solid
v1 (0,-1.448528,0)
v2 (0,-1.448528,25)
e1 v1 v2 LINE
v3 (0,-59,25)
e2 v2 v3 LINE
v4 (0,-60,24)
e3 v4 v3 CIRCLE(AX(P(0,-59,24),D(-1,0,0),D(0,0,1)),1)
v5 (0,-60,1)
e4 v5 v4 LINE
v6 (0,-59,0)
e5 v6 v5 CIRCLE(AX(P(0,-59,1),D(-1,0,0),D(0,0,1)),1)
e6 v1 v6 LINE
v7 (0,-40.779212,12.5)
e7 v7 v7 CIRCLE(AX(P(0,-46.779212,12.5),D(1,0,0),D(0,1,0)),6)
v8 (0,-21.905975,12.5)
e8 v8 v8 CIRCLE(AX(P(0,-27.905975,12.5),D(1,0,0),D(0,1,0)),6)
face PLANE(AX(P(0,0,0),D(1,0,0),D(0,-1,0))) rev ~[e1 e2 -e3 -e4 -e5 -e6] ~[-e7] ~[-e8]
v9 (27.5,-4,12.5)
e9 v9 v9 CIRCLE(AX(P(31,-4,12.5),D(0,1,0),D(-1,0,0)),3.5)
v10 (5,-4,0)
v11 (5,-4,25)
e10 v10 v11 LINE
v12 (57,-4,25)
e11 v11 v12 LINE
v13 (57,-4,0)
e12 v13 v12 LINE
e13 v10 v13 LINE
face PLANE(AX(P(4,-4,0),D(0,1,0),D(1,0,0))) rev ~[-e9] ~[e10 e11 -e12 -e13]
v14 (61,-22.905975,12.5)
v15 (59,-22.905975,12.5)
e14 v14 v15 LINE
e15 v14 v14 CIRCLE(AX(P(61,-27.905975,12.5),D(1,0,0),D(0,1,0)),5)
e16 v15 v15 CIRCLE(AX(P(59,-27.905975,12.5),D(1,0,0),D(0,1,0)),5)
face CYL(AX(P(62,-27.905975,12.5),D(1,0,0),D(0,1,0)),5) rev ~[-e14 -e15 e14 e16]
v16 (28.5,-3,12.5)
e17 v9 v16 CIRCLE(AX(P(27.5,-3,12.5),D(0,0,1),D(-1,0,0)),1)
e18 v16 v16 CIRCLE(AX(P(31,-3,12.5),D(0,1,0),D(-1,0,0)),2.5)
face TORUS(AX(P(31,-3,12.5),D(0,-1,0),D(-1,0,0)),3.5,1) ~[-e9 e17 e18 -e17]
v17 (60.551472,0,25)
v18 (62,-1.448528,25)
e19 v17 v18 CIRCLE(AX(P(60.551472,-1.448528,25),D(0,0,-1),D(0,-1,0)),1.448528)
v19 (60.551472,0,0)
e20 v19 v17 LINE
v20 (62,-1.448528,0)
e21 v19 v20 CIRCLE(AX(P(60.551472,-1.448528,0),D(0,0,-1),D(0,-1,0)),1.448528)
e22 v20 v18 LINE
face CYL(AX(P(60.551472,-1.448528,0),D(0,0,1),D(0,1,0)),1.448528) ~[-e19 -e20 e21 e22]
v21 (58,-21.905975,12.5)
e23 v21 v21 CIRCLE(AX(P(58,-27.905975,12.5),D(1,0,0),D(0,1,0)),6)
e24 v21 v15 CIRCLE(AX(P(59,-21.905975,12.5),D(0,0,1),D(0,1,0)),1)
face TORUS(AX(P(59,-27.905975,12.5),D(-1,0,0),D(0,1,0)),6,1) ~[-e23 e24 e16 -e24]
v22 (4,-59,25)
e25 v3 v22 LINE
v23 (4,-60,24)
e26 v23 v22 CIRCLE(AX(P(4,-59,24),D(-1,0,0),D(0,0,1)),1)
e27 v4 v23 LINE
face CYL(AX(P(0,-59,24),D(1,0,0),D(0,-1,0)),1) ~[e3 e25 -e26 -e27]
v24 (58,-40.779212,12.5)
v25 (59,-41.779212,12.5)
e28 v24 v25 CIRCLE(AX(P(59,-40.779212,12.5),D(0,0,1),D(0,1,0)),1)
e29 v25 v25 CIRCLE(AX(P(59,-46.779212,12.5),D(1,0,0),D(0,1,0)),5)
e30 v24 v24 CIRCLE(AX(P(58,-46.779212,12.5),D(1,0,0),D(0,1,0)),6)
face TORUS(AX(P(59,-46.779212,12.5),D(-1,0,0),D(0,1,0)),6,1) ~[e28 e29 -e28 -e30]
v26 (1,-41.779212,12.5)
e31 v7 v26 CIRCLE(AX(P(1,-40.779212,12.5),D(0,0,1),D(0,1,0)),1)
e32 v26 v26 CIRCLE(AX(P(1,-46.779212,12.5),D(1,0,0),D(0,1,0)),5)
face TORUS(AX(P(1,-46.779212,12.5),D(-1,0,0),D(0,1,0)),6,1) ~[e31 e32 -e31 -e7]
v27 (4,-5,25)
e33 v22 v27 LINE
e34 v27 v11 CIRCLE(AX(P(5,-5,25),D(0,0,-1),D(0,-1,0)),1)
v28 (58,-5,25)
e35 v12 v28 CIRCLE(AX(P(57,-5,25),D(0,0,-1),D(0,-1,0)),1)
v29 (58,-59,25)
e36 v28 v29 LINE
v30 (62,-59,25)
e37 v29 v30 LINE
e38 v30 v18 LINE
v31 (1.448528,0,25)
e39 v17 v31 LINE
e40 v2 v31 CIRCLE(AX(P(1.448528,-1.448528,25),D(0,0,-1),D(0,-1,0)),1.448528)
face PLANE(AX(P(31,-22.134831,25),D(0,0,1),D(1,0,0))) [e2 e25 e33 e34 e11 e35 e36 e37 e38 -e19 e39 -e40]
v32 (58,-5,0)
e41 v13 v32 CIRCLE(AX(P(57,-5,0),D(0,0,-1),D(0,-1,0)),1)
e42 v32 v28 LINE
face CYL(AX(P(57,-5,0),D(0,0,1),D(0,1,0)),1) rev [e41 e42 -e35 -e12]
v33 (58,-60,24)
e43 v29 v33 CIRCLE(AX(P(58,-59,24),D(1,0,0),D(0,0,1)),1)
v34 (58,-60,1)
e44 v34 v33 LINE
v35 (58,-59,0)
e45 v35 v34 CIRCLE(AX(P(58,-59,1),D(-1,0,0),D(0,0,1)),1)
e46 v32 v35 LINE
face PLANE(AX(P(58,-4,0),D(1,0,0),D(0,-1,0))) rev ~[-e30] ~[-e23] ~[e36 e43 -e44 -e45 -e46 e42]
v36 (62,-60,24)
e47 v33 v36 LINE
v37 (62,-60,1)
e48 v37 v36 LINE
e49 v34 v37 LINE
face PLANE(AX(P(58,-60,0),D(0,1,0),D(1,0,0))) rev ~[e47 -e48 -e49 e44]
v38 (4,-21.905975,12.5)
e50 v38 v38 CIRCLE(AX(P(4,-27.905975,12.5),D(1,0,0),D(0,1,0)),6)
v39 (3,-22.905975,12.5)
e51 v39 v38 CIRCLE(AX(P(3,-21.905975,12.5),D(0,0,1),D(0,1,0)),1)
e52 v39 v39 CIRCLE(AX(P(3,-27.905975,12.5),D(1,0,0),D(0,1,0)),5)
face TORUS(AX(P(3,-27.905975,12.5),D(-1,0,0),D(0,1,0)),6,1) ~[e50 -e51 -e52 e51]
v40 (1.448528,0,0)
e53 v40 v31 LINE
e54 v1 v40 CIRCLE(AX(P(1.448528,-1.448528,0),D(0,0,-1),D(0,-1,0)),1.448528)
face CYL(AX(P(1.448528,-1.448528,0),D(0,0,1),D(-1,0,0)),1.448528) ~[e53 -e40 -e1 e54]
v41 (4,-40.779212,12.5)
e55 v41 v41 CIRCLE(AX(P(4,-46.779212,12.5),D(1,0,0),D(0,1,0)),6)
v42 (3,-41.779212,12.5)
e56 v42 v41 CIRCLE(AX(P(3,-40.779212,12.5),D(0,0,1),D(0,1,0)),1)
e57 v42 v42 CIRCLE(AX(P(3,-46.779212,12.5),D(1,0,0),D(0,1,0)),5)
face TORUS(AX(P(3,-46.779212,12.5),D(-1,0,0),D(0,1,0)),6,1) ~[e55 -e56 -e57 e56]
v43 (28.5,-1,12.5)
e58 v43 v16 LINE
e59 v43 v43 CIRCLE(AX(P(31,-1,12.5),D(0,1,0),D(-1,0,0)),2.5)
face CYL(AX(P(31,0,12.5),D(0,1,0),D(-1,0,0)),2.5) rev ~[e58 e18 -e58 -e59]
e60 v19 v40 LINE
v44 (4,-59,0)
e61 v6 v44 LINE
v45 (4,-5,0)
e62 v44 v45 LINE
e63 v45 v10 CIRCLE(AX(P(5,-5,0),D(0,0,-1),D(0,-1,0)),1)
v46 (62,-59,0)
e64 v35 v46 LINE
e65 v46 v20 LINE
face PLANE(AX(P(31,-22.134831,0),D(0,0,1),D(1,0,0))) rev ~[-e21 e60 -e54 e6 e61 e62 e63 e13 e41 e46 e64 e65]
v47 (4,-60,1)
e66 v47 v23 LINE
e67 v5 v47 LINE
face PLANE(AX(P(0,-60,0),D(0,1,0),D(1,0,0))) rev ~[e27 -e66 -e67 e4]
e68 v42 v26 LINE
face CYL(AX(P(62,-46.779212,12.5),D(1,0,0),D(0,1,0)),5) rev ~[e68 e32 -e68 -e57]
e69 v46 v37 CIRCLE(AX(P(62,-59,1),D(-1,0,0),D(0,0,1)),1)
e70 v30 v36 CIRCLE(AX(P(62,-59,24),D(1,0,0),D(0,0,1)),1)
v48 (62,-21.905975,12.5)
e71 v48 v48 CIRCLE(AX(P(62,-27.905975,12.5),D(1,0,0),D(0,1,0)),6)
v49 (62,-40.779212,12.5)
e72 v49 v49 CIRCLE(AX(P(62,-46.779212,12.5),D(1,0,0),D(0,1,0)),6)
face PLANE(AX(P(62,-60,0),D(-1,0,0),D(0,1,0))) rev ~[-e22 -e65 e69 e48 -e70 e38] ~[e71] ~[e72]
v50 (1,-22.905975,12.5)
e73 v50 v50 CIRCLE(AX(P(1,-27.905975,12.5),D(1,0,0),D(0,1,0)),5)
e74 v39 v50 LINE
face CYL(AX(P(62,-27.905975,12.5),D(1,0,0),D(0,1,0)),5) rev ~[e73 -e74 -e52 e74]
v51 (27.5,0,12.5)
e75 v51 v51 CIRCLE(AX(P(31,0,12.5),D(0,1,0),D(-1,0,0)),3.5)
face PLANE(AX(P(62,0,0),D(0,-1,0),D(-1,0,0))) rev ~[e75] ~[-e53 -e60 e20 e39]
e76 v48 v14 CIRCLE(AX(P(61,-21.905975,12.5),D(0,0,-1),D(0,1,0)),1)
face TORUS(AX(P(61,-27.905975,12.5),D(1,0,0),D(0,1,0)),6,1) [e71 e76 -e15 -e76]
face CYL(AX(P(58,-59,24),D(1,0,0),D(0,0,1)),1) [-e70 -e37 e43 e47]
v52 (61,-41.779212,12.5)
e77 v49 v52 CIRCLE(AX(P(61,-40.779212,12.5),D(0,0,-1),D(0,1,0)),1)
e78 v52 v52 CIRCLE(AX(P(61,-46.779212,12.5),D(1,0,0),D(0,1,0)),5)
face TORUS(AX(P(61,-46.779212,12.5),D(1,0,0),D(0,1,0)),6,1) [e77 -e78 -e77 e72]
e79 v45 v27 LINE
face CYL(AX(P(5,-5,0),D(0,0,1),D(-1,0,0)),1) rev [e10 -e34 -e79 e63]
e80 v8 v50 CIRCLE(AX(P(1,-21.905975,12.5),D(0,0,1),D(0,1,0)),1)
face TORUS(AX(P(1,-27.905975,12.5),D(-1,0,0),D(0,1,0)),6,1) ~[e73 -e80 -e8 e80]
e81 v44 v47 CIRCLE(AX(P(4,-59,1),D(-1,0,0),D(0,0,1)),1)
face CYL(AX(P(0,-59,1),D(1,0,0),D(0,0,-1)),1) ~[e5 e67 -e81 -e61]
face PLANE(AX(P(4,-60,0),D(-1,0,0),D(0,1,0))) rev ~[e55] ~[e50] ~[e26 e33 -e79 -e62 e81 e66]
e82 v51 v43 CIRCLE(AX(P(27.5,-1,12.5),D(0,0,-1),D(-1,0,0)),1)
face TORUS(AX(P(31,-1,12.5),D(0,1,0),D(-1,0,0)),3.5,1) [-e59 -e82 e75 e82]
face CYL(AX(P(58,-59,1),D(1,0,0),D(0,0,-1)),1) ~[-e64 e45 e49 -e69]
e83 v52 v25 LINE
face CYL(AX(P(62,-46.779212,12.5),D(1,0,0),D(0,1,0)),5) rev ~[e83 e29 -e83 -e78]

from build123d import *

# Parameters (mm, degrees)
F1_DEPTH = 25
F2_R     = 5
F3_DEPTH = 62.001
F4_R     = 2.5
F5_DEPTH = 60.001
F6_R     = 1.4485281374
F7_R     = 1


with BuildPart() as f1:
    # F0 (on Top) → F1 (new body)
    with BuildSketch(Plane.XY):
        Polygon((0, 0), (0, -60), (4, -60), (4, -4), (58, -4), (58, -60), (62, -60), (62, 0), align=None)
    extrude(amount=F1_DEPTH)

    # F2 (on face) → F3 (cut, through all)
    with BuildSketch(Plane.YZ.offset(62)):
        with Locations((-46.7792116106, 12.5)):
            Circle(F2_R)
        with Locations((-27.9059745371, 12.5)):
            Circle(F2_R)
    extrude(amount=-F3_DEPTH, mode=Mode.SUBTRACT)

    # F4 (on face) → F5 (cut, through all)
    with BuildSketch(Plane(origin=(0, 0, 0), x_dir=(-1, 0, 0), z_dir=(0, 1, 0))):
        with Locations((-31, 12.5)):
            Circle(F4_R)
    extrude(amount=-F5_DEPTH, mode=Mode.SUBTRACT)

    # F6
    f6_edges = [f1.edges().sort_by_distance(p)[0] for p in [
        (62, 0, 12.5),
        (0, 0, 12.5),
    ]]
    fillet(f6_edges, radius=F6_R)

    # F7
    f7_edges = [f1.edges().sort_by_distance(p)[0] for p in [
        (4, -4, 12.5),
        (58, -4, 12.5),
        (62, -32.905975, 12.5),
        (62, -51.779212, 12.5),
        (58, -51.779212, 12.5),
        (58, -32.905975, 12.5),
        (0, -32.905975, 12.5),
        (4, -32.905975, 12.5),
        (4, -51.779212, 12.5),
        (0, -51.779212, 12.5),
        (33.5, 0, 12.5),
        (33.5, -4, 12.5),
        (2, -60, 25),
        (60, -60, 25),
        (60, -60, 0),
        (2, -60, 0),
    ]]
    fillet(f7_edges, radius=F7_R)


solid = f1.part
